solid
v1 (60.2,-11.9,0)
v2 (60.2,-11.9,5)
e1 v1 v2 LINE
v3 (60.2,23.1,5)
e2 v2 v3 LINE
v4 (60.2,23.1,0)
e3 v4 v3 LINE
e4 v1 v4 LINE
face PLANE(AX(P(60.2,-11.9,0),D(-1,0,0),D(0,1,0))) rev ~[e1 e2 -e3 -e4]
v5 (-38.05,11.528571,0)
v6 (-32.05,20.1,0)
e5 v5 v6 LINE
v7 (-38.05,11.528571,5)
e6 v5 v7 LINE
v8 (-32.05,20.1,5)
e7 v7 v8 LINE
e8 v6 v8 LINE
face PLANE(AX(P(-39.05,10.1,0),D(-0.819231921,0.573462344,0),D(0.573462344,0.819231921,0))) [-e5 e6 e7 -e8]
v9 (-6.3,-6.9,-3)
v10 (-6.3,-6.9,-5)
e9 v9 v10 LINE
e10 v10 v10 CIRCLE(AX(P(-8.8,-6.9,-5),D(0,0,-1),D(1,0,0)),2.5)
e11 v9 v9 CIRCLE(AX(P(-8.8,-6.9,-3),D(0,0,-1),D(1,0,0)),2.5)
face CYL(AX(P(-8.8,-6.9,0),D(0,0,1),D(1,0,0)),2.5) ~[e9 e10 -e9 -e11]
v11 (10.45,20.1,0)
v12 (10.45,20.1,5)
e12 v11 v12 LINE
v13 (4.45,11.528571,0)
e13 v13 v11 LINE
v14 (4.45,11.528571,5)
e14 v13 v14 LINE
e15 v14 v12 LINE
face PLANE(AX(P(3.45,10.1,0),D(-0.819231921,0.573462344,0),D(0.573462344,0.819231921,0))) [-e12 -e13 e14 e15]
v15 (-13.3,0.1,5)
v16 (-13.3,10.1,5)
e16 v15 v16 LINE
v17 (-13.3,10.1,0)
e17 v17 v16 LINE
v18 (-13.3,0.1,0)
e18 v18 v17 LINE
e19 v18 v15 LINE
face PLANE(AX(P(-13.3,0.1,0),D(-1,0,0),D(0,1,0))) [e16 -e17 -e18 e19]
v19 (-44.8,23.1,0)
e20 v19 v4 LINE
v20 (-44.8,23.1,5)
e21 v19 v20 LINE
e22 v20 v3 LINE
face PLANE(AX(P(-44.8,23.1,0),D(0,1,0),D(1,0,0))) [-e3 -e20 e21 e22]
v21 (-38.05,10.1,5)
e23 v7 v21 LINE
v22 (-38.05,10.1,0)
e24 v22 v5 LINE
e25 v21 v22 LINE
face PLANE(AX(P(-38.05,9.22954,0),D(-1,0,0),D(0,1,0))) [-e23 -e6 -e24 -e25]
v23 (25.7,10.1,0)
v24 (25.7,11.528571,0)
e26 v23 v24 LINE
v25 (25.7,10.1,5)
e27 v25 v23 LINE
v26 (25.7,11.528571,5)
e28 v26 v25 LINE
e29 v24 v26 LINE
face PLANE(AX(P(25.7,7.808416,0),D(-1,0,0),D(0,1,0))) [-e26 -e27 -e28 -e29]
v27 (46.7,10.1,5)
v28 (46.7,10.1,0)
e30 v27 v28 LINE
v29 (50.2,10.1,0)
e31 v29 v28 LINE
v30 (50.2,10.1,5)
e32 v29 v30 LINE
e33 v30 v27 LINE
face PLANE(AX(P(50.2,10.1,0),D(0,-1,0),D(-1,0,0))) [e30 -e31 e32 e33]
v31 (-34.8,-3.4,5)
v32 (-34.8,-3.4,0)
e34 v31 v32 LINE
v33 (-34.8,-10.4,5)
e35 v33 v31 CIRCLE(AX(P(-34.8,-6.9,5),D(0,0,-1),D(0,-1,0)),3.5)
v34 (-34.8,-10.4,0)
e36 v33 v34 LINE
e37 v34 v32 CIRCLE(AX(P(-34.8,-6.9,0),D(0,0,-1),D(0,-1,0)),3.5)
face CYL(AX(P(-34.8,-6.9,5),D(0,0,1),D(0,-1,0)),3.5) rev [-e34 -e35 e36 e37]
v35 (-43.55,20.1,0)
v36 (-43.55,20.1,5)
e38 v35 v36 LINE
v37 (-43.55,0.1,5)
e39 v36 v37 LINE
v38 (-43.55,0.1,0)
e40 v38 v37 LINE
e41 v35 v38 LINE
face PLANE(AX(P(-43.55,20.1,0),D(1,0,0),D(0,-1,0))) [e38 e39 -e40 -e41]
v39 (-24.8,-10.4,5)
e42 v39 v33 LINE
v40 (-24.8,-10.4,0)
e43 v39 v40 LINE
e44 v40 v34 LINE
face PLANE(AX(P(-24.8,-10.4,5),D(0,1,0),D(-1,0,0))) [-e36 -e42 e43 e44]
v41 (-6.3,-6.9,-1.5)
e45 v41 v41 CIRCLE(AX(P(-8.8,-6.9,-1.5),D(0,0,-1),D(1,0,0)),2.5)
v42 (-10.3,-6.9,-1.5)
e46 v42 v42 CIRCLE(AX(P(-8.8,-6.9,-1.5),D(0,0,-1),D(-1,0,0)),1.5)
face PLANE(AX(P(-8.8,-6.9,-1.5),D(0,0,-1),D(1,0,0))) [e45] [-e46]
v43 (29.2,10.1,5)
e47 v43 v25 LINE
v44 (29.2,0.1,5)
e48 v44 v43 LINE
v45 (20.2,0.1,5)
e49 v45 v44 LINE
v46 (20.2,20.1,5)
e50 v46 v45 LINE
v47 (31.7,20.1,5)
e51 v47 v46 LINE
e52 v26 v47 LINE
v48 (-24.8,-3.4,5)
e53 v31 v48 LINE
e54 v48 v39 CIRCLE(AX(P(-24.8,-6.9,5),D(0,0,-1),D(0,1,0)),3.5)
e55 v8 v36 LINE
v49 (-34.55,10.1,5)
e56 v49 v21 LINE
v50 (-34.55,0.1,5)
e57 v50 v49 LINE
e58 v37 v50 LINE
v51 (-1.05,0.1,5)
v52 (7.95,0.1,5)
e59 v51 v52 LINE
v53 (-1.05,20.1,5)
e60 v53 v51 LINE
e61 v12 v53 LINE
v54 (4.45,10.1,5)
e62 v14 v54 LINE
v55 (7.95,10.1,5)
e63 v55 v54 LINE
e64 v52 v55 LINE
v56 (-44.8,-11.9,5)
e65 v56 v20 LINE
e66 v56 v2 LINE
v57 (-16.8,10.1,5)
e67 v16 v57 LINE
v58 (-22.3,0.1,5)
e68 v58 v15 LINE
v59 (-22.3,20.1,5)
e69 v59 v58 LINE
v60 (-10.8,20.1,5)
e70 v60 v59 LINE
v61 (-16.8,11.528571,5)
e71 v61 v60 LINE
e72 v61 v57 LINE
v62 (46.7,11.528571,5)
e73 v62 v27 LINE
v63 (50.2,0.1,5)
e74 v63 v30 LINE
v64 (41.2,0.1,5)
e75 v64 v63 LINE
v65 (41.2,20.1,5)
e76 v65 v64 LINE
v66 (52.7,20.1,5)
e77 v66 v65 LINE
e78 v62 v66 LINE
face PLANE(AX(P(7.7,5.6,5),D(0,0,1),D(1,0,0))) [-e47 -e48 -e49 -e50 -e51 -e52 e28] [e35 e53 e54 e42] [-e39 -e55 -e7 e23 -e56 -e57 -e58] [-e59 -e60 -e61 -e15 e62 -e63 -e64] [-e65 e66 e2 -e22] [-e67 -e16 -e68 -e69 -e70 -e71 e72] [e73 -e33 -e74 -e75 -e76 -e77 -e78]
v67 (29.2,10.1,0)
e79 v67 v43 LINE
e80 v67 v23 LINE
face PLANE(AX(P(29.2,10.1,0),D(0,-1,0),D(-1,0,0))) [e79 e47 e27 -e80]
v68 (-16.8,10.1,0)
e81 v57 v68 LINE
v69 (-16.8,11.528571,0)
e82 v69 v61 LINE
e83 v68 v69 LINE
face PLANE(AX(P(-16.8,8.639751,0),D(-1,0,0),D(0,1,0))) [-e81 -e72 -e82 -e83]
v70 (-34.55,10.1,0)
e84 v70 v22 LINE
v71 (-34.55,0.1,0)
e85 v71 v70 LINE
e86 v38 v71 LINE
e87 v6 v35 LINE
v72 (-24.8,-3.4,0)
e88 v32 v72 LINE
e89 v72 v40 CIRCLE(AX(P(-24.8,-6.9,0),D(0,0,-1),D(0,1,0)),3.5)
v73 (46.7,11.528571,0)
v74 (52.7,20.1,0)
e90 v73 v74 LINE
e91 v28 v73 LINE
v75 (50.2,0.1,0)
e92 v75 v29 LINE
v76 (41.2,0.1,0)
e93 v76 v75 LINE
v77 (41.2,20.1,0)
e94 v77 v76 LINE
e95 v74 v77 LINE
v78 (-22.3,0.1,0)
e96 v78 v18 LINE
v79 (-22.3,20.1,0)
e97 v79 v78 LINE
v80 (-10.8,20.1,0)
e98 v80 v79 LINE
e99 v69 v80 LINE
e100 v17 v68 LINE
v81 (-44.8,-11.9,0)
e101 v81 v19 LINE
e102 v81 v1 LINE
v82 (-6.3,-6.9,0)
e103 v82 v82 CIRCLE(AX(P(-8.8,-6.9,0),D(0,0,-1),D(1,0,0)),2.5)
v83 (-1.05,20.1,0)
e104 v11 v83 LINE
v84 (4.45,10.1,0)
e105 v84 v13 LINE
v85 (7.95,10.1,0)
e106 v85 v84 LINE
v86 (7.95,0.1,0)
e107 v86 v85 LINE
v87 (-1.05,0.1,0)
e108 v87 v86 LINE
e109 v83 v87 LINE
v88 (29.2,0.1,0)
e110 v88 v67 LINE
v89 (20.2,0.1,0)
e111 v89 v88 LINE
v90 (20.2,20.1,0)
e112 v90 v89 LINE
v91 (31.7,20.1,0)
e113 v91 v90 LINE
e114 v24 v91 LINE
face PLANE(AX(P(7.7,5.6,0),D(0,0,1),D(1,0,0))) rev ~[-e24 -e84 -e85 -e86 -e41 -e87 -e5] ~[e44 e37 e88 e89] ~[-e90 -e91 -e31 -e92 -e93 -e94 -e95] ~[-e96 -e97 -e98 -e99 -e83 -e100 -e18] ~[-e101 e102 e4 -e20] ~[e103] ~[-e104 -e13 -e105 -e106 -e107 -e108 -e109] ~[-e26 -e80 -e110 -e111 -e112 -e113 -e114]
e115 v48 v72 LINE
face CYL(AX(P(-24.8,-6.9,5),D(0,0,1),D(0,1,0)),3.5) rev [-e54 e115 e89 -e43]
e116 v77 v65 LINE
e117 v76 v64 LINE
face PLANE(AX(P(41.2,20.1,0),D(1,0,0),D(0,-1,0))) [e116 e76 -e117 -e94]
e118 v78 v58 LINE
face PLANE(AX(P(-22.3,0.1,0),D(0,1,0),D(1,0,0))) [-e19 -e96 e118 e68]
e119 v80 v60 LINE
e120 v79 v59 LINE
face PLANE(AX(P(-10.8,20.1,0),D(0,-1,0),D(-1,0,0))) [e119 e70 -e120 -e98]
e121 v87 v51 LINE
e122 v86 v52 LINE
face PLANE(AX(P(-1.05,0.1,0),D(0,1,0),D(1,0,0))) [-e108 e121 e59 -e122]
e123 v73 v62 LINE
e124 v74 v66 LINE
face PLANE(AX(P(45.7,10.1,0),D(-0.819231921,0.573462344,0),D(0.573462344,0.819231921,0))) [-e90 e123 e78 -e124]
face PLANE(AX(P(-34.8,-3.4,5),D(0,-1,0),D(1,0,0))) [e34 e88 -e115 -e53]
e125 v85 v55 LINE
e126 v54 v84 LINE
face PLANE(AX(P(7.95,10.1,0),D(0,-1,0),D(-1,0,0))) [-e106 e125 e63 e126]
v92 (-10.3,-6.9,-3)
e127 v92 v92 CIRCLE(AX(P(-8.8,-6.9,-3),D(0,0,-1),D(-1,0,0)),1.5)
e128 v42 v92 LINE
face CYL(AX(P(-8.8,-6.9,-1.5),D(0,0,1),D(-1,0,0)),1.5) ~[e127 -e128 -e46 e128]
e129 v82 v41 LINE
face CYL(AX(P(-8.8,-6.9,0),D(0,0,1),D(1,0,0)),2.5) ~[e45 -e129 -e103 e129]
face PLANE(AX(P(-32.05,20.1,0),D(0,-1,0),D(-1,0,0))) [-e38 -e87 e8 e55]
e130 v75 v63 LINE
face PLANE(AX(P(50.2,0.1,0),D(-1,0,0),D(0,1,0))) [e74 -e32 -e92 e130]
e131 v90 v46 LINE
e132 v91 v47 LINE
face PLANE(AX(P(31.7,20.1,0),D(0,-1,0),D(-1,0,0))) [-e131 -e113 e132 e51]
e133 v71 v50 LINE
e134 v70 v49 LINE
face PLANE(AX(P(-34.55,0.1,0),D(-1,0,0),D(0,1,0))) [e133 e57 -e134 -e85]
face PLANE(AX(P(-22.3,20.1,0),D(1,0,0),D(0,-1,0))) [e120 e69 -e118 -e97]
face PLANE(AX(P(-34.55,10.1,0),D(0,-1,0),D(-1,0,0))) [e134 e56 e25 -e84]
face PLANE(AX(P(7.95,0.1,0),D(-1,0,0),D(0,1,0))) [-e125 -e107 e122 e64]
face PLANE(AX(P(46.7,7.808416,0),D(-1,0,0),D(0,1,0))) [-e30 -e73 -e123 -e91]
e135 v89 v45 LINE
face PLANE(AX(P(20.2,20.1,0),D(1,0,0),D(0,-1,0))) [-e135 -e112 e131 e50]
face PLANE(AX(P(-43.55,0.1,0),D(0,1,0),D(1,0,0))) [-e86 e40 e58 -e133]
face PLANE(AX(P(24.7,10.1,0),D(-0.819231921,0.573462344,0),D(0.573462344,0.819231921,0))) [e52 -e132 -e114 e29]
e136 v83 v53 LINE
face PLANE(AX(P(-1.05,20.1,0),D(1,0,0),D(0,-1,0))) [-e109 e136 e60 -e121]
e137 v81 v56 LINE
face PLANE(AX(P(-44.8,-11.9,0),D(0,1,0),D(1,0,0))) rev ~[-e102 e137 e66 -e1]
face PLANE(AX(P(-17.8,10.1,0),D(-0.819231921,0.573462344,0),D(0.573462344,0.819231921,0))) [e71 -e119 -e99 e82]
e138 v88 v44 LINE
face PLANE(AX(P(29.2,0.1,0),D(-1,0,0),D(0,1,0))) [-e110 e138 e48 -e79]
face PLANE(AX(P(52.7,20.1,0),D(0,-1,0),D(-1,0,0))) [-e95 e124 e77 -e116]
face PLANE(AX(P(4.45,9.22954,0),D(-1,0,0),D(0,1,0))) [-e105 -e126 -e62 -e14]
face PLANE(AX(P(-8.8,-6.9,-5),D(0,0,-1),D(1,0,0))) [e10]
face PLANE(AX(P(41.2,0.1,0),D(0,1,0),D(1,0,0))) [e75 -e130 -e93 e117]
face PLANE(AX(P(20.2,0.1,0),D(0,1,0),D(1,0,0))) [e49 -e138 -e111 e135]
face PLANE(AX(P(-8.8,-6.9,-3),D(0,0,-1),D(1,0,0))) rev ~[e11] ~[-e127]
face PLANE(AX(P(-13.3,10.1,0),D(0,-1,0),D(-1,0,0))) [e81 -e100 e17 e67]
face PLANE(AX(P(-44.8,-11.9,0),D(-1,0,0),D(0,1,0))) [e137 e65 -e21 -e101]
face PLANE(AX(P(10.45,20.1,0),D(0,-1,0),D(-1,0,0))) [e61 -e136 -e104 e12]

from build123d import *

# Parameters (mm, degrees)
SKETCH1_W           = 105
SKETCH1_H           = 35
BOSS_EXTRUDE1_DEPTH = 5
CUT_EXTRUDE1_DEPTH  = 5
SKETCH3_R           = 2.5
BOSS_EXTRUDE2_DEPTH = 5
CUT_EXTRUDE3_START  = -3.5
SKETCH4_R           = 2.5
SKETCH4_R_2         = 1.5
CUT_EXTRUDE3_DEPTH  = 1.5
CUT_EXTRUDE4_DEPTH  = 5
SKETCH6_W           = 1
SKETCH6_H           = 5.473396058
SKETCH6_H_2         = 2.850644757
SKETCH6_H_3         = 4.642061194
SKETCH6_H_4         = 3.194118723
CUT_EXTRUDE5_DEPTH  = 10


with BuildPart() as part:
    # Sketch1 → Boss-Extrude1 (new body)
    with BuildSketch(Plane.XY):
        with Locations((7.7, 5.6)):
            Rectangle(SKETCH1_W, SKETCH1_H)
    extrude(amount=BOSS_EXTRUDE1_DEPTH)

    # Sketch2 → Cut-Extrude1 (cut)
    with BuildSketch(Plane.XY.offset(5)):
        with BuildLine():
            Line((-34.8, -3.4), (-24.8, -3.4))
            ThreePointArc((-24.8, -3.4), (-21.3, -6.9), (-24.8, -10.4))
            Line((-24.8, -10.4), (-34.8, -10.4))
            ThreePointArc((-34.8, -10.4), (-38.3, -6.9), (-34.8, -3.4))
        make_face()
    extrude(amount=-CUT_EXTRUDE1_DEPTH, mode=Mode.SUBTRACT)

    # Sketch3 → Boss-Extrude2 (add)
    with BuildSketch(Plane(origin=(0, 0, 0), x_dir=(-1, 0, 0), z_dir=(0, 0, -1))):
        with Locations(Location((8.8, -6.9, 0), (0, 0, 180))):
            Circle(SKETCH3_R)
    extrude(amount=BOSS_EXTRUDE2_DEPTH)

    # Sketch4 → Cut-Extrude3 (cut)
    with BuildSketch(Plane(origin=(0, 0, -5), x_dir=(-1, 0, 0), z_dir=(0, 0, -1)).offset(CUT_EXTRUDE3_START)):
        with Locations(Location((8.8, -6.9, 0), (0, 0, 180))):
            Circle(SKETCH4_R)
        with Locations((8.8, -6.9)):
            Circle(SKETCH4_R_2, mode=Mode.SUBTRACT)
    extrude(amount=CUT_EXTRUDE3_DEPTH, mode=Mode.SUBTRACT)

    # Sketch5 → Cut-Extrude4 (cut)
    with BuildSketch(Plane(origin=(0, 0, 0), x_dir=(-1, 0, 0), z_dir=(0, 0, -1))):
        Polygon((-41.2, 0.1), (-50.2, 0.1), (-50.2, 10.1), (-45.7, 10.1), (-52.7, 20.1), (-41.2, 20.1), align=None)
        Polygon((-20.2, 0.1), (-29.2, 0.1), (-29.2, 10.1), (-24.7, 10.1), (-31.7, 20.1), (-20.2, 20.1), align=None)
        Polygon((1.05, 0.1), (-7.95, 0.1), (-7.95, 10.1), (-3.45, 10.1), (-10.45, 20.1), (1.05, 20.1), align=None)
        Polygon((22.3, 0.1), (13.3, 0.1), (13.3, 10.1), (17.8, 10.1), (10.8, 20.1), (22.3, 20.1), align=None)
        Polygon((43.55, 0.1), (34.55, 0.1), (34.55, 10.1), (39.05, 10.1), (32.05, 20.1), (43.55, 20.1), align=None)
    extrude(amount=-CUT_EXTRUDE4_DEPTH, mode=Mode.SUBTRACT)

    # Sketch6 → Cut-Extrude5 (cut)
    with BuildSketch(Plane(origin=(0, 0, 0), x_dir=(-1, 0, 0), z_dir=(0, 0, -1))):
        with Locations((-46.2, 10.54511412)):
            Rectangle(SKETCH6_W, SKETCH6_H)
        with Locations((-25.2, 10.54511412)):
            Rectangle(SKETCH6_W, SKETCH6_H)
        with Locations((-3.95, 10.654861904)):
            Rectangle(SKETCH6_W, SKETCH6_H_2)
        with Locations((17.3, 10.960781552)):
            Rectangle(SKETCH6_W, SKETCH6_H_3)
        with Locations((38.55, 10.826598887)):
            Rectangle(SKETCH6_W, SKETCH6_H_4)
    extrude(amount=-CUT_EXTRUDE5_DEPTH, mode=Mode.SUBTRACT)


solid = part.part
